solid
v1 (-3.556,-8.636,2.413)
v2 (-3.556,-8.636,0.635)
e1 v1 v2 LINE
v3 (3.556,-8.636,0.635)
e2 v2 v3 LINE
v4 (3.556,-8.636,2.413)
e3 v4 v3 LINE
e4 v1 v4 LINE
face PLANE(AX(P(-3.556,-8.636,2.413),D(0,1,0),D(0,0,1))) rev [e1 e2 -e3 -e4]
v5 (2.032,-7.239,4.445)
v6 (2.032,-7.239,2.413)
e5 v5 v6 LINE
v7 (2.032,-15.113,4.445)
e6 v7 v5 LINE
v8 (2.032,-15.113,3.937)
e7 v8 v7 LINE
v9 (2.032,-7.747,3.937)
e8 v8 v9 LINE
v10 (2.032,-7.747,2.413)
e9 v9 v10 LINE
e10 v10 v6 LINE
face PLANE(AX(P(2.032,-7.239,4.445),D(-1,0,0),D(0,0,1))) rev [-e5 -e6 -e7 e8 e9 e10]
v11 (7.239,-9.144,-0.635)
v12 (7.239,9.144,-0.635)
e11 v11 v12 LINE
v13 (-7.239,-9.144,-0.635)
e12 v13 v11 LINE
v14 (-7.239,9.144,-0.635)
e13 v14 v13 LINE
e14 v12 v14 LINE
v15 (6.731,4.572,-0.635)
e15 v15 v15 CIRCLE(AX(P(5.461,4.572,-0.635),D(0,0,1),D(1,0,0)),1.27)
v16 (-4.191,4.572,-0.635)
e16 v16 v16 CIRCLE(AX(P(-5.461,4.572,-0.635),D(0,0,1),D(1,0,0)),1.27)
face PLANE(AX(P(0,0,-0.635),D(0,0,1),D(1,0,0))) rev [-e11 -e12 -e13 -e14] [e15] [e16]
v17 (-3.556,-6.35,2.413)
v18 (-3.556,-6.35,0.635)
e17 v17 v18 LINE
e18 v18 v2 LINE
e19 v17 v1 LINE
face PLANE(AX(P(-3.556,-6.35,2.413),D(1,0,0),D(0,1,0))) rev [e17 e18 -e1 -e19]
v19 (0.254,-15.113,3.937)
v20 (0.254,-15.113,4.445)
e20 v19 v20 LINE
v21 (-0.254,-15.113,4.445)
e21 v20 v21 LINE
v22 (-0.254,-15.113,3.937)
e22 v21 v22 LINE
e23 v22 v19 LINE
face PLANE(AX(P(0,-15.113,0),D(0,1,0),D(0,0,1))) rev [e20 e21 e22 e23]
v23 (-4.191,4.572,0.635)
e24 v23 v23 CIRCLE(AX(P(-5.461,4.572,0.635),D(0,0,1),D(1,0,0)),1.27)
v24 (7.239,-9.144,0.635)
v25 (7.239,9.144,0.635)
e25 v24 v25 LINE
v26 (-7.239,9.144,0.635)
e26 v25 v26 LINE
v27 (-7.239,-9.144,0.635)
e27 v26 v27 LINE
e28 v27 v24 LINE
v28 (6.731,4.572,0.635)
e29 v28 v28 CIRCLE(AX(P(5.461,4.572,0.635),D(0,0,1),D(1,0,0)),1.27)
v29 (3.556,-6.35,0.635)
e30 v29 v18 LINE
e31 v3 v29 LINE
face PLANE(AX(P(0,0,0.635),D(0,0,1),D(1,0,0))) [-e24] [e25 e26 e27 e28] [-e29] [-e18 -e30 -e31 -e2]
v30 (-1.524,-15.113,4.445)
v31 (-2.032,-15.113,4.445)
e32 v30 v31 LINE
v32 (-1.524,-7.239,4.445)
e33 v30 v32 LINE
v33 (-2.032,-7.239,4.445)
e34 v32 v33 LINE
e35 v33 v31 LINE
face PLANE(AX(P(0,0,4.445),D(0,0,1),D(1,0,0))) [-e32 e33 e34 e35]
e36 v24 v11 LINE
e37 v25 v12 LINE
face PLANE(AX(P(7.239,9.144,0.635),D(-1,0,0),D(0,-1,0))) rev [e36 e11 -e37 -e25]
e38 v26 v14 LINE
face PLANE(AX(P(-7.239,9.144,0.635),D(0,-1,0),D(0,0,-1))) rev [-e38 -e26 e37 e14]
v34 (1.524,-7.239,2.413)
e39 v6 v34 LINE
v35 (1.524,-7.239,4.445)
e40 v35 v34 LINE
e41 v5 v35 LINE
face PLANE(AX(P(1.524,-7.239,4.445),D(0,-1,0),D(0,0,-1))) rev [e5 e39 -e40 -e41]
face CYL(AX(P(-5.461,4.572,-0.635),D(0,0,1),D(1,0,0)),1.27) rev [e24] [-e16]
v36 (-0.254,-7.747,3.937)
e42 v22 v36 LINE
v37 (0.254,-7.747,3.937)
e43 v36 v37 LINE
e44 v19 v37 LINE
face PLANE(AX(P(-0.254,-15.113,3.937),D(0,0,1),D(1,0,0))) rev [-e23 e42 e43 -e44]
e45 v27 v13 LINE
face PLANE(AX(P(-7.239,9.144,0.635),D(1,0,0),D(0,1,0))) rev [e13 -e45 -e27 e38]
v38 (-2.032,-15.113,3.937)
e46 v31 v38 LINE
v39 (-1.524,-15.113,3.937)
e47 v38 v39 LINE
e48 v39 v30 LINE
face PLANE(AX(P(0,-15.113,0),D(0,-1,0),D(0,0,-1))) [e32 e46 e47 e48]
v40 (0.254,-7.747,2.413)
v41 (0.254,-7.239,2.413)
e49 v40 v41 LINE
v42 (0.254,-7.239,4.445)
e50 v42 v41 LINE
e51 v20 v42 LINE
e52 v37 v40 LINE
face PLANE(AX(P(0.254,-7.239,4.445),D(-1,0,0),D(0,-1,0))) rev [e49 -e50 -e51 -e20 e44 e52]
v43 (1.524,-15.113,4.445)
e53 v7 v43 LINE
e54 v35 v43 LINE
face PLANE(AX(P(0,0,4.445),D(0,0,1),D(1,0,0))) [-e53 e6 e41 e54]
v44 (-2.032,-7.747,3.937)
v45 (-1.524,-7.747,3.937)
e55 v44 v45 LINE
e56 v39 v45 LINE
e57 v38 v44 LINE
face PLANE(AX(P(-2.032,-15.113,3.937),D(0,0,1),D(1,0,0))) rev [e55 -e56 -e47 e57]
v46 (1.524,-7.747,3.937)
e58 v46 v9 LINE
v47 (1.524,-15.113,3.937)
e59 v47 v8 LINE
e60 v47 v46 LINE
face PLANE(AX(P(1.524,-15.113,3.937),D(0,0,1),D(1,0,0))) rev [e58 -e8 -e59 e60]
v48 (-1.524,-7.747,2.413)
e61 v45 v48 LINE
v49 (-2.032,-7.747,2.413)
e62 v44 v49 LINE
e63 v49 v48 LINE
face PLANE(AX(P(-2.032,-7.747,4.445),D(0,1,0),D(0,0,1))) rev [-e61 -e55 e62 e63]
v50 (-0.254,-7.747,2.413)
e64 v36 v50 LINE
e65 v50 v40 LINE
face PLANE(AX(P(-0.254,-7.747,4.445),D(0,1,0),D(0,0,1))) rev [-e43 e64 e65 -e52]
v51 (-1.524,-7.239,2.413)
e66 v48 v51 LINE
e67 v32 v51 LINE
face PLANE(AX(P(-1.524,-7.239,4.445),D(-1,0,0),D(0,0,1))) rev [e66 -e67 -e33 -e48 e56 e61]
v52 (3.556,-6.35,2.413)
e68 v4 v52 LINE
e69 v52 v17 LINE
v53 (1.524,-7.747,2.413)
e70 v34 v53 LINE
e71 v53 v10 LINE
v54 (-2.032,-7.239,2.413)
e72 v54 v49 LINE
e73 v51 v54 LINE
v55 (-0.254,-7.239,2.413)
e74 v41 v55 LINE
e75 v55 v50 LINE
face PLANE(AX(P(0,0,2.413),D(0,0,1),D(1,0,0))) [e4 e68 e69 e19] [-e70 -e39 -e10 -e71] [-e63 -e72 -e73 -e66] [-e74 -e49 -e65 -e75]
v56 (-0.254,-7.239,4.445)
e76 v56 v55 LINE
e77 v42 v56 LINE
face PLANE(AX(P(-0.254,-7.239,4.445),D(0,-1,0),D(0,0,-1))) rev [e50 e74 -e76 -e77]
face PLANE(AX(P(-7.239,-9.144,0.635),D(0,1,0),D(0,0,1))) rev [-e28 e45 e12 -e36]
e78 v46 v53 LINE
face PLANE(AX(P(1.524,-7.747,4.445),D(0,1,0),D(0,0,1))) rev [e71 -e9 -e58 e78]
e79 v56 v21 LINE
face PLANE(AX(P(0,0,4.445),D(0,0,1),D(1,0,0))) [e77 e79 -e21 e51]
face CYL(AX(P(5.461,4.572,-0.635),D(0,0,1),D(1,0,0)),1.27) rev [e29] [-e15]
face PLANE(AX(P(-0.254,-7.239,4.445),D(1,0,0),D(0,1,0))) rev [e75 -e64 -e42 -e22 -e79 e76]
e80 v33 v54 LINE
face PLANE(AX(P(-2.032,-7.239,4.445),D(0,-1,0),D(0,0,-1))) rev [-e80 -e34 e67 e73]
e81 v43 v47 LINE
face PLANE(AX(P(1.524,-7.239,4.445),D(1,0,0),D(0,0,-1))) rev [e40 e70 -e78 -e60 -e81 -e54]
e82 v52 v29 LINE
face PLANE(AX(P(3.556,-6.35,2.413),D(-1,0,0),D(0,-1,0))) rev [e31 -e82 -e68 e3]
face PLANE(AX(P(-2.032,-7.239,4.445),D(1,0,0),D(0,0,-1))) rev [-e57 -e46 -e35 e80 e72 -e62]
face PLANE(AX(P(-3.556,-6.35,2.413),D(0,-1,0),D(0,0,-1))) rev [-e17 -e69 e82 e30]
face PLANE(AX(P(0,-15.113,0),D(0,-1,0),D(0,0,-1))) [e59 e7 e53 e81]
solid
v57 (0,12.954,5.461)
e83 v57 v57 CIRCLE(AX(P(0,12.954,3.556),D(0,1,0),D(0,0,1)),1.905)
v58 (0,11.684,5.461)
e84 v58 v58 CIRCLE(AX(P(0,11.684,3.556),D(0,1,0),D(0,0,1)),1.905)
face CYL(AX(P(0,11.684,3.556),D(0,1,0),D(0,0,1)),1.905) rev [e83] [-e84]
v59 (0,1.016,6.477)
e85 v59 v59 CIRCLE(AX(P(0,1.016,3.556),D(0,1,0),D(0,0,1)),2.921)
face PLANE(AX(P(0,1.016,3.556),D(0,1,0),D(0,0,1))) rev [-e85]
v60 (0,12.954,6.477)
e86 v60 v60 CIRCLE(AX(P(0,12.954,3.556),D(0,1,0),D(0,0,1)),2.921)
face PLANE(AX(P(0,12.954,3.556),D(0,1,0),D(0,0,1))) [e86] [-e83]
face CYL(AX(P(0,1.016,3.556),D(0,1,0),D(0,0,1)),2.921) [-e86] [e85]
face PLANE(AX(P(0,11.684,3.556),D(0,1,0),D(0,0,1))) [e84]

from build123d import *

# Parameters (mm, degrees)
SKETCH1_W                = 14.478
SKETCH1_H                = 18.288
BOSS_EXTRUDE1_DEPTH      = 0.635
SKETCH2_W                = 7.112
SKETCH2_H                = 2.286
BOSS_EXTRUDE2_DEPTH      = 1.778
SKETCH3_W                = 0.508
SKETCH3_H                = 0.508
BOSS_EXTRUDE3_DEPTH      = 2.032
SKETCH4_W                = 0.508
SKETCH4_H                = 0.508
BOSS_EXTRUDE4_DEPTH      = 7.366
CUT_EXTRUDE1_DEPTH       = 18.184934972
CUT_EXTRUDE1_DEPTH_BACK  = 18.184934972
SKETCH5_R                = 1.27
BOSS_EXTRUDE5_DEPTH      = 3.81
BOSS_EXTRUDE5_DEPTH_BACK = 8.128
SKETCH6_R                = 2.921
SKETCH7_R                = 1.905
CUT_EXTRUDE2_DEPTH       = 1.27


with BuildPart() as part:
    # Sketch1 → Boss-Extrude1 (new, symmetric)
    with BuildSketch(Plane.XY):
        Rectangle(SKETCH1_W, SKETCH1_H)
    extrude(amount=BOSS_EXTRUDE1_DEPTH, both=True)

    # Sketch2 → Boss-Extrude2 (add)
    with BuildSketch(Plane.XY.offset(0.635)):
        with Locations((0, -7.493)):
            Rectangle(SKETCH2_W, SKETCH2_H)
    extrude(amount=BOSS_EXTRUDE2_DEPTH)

    # Sketch3 → Boss-Extrude3 (add)
    with BuildSketch(Plane.XY.offset(2.413)):
        with Locations((-1.778, -7.493)):
            Rectangle(SKETCH3_W, SKETCH3_H)
        with Locations((0, -7.493)):
            Rectangle(SKETCH3_W, SKETCH3_H)
        with Locations((1.778, -7.493)):
            Rectangle(SKETCH3_W, SKETCH3_H)
    extrude(amount=BOSS_EXTRUDE3_DEPTH)

    # Sketch4 → Boss-Extrude4 (add)
    with BuildSketch(Plane.XZ.offset(7.747)):
        with Locations((-1.778, 4.191)):
            Rectangle(SKETCH4_W, SKETCH4_H)
        with Locations((0, 4.191)):
            Rectangle(SKETCH4_W, SKETCH4_H)
        with Locations((1.778, 4.191)):
            Rectangle(SKETCH4_W, SKETCH4_H)
    extrude(amount=BOSS_EXTRUDE4_DEPTH)

    # Sketch5 → Cut-Extrude1 (cut, two sides: drawn at the far end of the back side and taken through both)
    with BuildSketch(Plane.XY.offset(0.635).offset(-CUT_EXTRUDE1_DEPTH_BACK)):
        with Locations((-5.461, 4.572)):
            Circle(SKETCH5_R)
        with Locations((5.461, 4.572)):
            Circle(SKETCH5_R)
    extrude(amount=CUT_EXTRUDE1_DEPTH + CUT_EXTRUDE1_DEPTH_BACK, mode=Mode.SUBTRACT)


with BuildPart() as body_2:
    # Sketch6 → Boss-Extrude5 (new, two sides: drawn at the far end of the back side and taken through both)
    with BuildSketch(Plane(origin=(0, 9.144, 0), x_dir=(1, 0, 0), z_dir=(0, 1, 0)).offset(-BOSS_EXTRUDE5_DEPTH_BACK)):
        with Locations(Location((0, -3.556, 0), (0, 0, 270))):
            Circle(SKETCH6_R)
    extrude(amount=BOSS_EXTRUDE5_DEPTH + BOSS_EXTRUDE5_DEPTH_BACK)

    # Sketch7 → Cut-Extrude2 (cut)
    with BuildSketch(Plane(origin=(0, 12.954, 0), x_dir=(1, 0, 0), z_dir=(0, 1, 0))):
        with Locations(Location((0, -3.556, 0), (0, 0, 270))):
            Circle(SKETCH7_R)
    extrude(amount=-CUT_EXTRUDE2_DEPTH, mode=Mode.SUBTRACT)


solid = Compound([part.part, body_2.part])
